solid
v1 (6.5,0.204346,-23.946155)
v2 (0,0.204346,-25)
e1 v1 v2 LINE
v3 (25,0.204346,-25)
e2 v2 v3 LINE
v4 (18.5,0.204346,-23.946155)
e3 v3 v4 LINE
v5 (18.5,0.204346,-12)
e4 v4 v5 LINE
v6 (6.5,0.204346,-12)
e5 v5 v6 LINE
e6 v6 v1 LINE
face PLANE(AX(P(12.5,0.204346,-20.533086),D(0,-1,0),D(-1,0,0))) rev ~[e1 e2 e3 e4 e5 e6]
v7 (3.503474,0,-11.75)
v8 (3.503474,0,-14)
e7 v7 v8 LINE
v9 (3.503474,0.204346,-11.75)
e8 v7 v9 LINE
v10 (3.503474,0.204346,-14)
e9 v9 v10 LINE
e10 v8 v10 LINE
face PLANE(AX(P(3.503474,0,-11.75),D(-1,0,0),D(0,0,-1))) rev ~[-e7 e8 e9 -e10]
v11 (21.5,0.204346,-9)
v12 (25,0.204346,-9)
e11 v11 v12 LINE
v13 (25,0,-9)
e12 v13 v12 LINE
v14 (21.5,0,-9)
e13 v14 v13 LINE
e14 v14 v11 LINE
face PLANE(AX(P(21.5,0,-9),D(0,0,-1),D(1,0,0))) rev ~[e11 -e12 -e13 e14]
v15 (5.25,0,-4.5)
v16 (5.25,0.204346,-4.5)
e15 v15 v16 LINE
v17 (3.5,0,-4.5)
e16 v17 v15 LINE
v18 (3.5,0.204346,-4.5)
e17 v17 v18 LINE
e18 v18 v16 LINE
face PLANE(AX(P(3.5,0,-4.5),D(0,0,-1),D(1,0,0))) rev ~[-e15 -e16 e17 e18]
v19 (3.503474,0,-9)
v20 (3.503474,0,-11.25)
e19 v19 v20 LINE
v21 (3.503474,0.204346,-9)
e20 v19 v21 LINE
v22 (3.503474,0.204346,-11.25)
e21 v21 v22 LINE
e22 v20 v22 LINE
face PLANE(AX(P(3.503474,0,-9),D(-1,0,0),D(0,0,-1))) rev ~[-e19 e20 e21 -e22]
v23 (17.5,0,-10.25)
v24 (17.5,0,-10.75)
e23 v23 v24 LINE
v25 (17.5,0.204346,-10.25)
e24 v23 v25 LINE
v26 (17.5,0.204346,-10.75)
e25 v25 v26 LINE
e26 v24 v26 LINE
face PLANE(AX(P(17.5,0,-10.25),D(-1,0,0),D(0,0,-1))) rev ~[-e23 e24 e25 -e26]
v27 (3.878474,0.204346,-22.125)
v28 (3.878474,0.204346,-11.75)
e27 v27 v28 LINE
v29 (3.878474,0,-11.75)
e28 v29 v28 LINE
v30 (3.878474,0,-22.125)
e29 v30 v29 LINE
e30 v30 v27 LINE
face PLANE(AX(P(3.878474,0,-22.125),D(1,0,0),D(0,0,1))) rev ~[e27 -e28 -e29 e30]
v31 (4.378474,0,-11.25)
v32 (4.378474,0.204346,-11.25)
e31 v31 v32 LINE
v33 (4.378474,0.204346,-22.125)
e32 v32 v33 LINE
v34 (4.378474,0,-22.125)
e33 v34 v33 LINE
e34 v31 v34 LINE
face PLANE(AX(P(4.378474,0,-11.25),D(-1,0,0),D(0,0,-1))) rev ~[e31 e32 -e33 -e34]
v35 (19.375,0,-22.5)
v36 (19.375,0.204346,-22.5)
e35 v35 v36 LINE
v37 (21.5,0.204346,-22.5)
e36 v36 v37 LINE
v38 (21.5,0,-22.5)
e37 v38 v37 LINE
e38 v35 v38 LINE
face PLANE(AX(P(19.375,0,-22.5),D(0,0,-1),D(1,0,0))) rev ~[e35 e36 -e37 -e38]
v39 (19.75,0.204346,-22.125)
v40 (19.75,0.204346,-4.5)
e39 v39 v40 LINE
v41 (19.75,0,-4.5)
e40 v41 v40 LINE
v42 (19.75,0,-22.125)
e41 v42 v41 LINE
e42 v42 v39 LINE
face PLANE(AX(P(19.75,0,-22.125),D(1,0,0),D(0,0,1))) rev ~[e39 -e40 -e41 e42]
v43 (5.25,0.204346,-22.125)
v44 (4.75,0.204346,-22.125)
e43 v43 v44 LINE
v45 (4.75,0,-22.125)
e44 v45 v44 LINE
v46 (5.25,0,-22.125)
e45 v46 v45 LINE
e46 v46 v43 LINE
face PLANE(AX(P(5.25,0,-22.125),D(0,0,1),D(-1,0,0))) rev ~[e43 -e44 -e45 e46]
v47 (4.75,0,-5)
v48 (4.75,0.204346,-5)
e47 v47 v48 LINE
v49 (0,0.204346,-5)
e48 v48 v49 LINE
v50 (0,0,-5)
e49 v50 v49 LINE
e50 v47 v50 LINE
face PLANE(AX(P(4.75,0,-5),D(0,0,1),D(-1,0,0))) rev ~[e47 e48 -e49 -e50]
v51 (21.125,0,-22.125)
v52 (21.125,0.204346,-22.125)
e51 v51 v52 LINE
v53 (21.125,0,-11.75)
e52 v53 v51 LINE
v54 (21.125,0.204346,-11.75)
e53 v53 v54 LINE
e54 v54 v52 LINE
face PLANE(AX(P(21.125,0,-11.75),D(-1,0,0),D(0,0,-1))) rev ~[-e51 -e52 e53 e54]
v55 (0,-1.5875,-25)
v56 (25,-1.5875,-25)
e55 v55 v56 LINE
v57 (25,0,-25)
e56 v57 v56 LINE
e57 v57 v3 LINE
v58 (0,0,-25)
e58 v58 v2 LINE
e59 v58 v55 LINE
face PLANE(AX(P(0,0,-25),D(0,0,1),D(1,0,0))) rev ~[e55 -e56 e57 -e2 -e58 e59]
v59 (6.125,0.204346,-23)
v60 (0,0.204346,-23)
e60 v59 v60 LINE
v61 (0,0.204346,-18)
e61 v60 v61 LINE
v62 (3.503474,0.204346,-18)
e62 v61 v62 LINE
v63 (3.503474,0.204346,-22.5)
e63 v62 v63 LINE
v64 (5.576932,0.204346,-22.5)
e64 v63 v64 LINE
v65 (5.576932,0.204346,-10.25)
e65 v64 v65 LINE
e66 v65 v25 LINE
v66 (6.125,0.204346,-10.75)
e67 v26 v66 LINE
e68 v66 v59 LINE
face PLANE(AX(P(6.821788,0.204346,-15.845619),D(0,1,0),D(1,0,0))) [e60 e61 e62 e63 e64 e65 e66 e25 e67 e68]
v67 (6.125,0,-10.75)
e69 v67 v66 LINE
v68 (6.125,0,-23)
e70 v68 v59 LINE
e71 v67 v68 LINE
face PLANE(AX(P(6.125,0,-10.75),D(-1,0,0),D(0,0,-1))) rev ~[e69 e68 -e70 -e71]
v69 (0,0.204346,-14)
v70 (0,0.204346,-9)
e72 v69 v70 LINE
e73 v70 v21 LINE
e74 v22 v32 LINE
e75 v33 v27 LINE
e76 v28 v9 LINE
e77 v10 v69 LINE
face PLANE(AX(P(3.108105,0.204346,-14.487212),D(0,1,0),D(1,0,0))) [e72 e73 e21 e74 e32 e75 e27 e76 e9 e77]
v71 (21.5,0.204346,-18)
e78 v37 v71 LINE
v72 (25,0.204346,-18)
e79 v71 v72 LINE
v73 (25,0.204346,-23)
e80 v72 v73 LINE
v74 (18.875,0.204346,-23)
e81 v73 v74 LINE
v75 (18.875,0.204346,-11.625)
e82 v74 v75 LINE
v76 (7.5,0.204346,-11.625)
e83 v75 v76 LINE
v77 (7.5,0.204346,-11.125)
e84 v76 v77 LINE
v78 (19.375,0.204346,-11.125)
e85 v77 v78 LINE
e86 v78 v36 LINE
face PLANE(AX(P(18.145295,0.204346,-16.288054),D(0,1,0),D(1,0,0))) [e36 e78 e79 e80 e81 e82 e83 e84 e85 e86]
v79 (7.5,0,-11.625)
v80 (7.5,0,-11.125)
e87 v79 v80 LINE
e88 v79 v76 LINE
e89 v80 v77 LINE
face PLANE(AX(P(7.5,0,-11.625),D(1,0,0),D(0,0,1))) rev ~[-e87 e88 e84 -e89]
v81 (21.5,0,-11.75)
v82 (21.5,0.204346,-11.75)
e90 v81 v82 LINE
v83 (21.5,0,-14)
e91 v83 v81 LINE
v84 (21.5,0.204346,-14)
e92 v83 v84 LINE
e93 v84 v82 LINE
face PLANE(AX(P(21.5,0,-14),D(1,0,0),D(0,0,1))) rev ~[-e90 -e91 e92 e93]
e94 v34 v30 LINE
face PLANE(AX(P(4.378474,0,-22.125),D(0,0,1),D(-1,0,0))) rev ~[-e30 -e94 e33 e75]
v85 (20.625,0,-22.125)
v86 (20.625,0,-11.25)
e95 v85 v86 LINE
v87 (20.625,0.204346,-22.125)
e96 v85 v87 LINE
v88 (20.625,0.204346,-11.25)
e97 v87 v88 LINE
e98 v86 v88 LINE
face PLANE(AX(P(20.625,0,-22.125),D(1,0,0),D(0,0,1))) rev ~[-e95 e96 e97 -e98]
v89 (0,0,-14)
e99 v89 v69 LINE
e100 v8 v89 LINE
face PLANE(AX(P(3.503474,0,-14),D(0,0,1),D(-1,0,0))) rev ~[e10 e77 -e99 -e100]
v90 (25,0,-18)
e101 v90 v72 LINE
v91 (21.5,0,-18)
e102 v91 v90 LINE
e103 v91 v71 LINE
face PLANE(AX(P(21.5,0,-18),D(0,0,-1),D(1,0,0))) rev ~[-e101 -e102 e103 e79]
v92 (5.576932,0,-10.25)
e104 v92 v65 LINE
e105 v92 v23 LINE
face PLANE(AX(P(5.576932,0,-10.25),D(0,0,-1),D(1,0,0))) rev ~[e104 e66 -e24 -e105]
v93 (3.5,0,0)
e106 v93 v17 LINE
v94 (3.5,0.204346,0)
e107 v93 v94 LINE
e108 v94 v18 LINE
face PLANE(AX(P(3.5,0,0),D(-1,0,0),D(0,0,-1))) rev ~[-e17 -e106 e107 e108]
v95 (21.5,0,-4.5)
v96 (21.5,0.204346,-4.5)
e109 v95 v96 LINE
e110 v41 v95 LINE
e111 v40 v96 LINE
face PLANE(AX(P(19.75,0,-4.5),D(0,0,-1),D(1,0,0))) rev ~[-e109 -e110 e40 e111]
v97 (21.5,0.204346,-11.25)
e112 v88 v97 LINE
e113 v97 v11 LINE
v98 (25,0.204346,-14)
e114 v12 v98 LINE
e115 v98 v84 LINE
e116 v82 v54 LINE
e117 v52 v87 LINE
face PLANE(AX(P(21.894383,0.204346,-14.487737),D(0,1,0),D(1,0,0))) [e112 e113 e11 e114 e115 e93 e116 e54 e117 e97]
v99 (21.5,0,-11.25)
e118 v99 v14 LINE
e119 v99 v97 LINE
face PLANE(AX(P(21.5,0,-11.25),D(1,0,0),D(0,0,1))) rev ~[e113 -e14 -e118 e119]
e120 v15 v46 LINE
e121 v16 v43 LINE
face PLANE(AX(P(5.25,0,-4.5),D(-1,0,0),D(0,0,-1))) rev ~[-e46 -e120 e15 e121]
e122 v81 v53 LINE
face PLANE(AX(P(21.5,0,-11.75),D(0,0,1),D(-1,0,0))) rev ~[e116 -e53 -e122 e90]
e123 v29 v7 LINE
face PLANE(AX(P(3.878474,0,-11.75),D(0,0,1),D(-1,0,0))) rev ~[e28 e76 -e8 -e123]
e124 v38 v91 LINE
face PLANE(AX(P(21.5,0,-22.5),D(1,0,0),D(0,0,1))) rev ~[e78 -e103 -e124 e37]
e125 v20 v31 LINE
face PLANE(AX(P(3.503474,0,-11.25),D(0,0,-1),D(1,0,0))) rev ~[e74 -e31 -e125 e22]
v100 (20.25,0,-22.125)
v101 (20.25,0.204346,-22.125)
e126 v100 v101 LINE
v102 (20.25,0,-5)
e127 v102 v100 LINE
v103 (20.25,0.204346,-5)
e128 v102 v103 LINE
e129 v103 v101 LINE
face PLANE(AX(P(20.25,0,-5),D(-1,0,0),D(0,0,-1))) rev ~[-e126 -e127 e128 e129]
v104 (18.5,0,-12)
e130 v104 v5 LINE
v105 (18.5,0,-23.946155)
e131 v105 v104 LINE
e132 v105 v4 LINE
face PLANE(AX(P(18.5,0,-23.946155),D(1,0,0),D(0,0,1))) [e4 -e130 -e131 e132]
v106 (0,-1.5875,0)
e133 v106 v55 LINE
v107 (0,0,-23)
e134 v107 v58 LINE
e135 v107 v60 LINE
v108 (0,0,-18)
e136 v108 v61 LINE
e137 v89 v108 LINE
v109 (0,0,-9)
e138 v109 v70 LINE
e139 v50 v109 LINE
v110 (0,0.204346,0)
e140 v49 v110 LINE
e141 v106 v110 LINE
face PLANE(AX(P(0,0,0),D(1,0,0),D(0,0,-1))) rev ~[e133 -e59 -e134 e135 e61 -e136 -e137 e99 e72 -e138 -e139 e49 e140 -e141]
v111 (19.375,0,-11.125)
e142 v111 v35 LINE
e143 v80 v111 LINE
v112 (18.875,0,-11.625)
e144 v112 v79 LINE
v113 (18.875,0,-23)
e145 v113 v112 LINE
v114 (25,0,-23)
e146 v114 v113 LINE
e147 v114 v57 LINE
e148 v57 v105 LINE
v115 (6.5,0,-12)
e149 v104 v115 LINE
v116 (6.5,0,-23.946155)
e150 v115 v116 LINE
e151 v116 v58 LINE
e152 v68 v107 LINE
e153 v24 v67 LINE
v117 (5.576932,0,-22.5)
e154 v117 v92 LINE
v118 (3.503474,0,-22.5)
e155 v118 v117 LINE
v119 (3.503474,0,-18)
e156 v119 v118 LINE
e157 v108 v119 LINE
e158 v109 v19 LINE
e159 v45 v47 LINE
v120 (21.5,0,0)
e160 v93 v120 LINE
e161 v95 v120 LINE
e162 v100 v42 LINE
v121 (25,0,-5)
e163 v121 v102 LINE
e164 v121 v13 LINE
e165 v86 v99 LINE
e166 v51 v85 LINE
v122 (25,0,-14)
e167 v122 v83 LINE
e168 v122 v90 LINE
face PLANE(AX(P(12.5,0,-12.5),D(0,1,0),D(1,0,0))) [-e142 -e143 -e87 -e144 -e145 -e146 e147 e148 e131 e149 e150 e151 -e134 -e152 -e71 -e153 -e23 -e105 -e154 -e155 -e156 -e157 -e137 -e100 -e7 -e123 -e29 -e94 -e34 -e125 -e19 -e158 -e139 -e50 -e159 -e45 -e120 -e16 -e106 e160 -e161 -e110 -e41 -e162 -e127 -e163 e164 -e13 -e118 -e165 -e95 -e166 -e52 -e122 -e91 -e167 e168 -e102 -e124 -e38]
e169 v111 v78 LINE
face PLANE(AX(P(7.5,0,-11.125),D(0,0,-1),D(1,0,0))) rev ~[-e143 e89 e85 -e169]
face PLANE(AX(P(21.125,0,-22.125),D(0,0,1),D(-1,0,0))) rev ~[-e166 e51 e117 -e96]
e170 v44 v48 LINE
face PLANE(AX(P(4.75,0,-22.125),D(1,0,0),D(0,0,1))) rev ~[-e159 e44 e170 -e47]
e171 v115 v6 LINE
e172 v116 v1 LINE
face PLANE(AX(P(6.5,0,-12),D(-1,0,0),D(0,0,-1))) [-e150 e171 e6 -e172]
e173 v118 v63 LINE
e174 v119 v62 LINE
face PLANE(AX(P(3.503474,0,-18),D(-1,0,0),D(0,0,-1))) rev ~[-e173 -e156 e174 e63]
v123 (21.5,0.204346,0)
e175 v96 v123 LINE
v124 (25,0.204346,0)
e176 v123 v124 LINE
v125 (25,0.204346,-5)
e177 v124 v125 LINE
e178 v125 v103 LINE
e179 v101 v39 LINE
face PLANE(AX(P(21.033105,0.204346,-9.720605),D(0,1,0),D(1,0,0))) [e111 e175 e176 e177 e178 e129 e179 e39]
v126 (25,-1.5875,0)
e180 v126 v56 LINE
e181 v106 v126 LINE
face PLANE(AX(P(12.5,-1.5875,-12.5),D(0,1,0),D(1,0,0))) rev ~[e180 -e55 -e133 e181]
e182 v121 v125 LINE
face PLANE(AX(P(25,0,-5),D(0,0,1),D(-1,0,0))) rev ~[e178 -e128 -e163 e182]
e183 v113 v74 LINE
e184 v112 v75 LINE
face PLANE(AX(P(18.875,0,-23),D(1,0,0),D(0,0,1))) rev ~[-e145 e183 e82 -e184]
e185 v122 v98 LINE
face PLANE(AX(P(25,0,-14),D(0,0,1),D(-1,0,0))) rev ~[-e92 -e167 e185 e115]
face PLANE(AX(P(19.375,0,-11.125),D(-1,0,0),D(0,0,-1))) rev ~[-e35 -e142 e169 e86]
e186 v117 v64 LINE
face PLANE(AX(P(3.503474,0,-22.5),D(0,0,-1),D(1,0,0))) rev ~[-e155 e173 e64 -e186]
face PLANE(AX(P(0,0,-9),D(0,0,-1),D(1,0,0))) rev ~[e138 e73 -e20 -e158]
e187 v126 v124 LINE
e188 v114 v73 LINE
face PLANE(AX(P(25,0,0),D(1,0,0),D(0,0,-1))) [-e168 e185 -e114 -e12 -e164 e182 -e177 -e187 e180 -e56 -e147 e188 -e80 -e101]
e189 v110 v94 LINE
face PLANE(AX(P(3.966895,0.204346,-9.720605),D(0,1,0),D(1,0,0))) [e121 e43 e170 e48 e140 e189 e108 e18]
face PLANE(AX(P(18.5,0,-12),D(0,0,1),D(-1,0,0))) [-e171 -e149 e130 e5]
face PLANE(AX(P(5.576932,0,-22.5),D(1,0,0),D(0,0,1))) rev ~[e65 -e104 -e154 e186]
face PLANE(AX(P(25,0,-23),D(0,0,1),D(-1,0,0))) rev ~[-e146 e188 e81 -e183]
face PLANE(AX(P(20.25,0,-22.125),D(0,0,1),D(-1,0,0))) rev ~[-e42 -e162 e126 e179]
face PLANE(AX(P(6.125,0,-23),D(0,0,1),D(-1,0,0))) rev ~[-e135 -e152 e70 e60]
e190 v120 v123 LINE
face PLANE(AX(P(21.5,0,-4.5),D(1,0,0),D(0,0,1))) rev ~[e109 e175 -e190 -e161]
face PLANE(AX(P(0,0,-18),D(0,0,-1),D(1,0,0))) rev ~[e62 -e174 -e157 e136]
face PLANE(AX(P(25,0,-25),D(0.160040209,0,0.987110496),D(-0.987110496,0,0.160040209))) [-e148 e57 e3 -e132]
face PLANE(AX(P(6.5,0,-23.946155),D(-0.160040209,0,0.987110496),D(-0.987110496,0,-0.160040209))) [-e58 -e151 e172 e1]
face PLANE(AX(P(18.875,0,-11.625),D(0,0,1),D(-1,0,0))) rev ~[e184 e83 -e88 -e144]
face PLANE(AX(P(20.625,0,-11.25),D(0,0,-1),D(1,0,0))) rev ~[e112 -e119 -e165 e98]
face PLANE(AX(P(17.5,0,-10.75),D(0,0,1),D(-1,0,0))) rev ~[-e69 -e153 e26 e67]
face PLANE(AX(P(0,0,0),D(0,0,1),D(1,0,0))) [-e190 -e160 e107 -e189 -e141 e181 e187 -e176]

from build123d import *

# Parameters (mm, degrees)
SKETCH1_W           = 10
SKETCH1_H           = 10
BOSS_EXTRUDE2_DEPTH = 0.204346
SKETCH3_W           = 25
SKETCH3_H           = 25
BOSS_EXTRUDE3_DEPTH = 1.5875


with BuildPart() as part:
    # Sketch1 → Boss-Extrude2 (new body)
    with BuildSketch(Plane(origin=(0, 0, 0), x_dir=(1, 0, 0), z_dir=(0, 1, 0))):
        Polygon((3.5, 5), (0, 5), (0, 0), (3.5, 0), (3.5, 4.5), (5.25, 4.5), (5.25, 22.125), (4.75, 22.125), (4.75, 5), align=None)
        Polygon((3.503473693, 14), (0, 14), (0, 9), (3.503473693, 9), (3.503473693, 11.25), (4.378473693, 11.25), (4.378473693, 22.125), (3.878473693, 22.125), (3.878473693, 11.75), (3.503473693, 11.75), align=None)
        Polygon((3.503473693, 23), (0, 23), (0, 18), (3.503473693, 18), (3.503473693, 22.5), (5.576932067, 22.5), (5.576932067, 10.25), (17.5, 10.25), (17.5, 10.75), (6.125, 10.75), (6.125, 23), align=None)
        Polygon((18.5, 23.946155101), (18.5, 12), (6.5, 12), (6.5, 23.946155101), (0, 25), (25, 25), align=None)
        with Locations((12.5, 18)):
            Rectangle(SKETCH1_W, SKETCH1_H, mode=Mode.SUBTRACT)
        with Locations((12.5, 18)):
            Rectangle(SKETCH1_W, SKETCH1_H)
        Polygon((25, 18), (25, 23), (21.5, 23), (18.875, 23), (18.875, 11.625), (7.5, 11.625), (7.5, 11.125), (19.375, 11.125), (19.375, 22.5), (21.5, 22.5), (21.5, 18), align=None)
        Polygon((25, 9), (25, 14), (21.5, 14), (21.5, 11.75), (21.125, 11.75), (21.125, 22.125), (20.625, 22.125), (20.625, 11.25), (21.5, 11.25), (21.5, 9), align=None)
        Polygon((25, 0), (25, 5), (21.5, 5), (20.25, 5), (20.25, 22.125), (19.75, 22.125), (19.75, 4.5), (21.5, 4.5), (21.5, 0), align=None)
    extrude(amount=BOSS_EXTRUDE2_DEPTH)

    # Sketch3 → Boss-Extrude3 (add)
    with BuildSketch(Plane(origin=(0, 0, 0), x_dir=(1, 0, 0), z_dir=(0, 1, 0))):
        with Locations((12.5, 12.5)):
            Rectangle(SKETCH3_W, SKETCH3_H)
    extrude(amount=-BOSS_EXTRUDE3_DEPTH)


solid = part.part
